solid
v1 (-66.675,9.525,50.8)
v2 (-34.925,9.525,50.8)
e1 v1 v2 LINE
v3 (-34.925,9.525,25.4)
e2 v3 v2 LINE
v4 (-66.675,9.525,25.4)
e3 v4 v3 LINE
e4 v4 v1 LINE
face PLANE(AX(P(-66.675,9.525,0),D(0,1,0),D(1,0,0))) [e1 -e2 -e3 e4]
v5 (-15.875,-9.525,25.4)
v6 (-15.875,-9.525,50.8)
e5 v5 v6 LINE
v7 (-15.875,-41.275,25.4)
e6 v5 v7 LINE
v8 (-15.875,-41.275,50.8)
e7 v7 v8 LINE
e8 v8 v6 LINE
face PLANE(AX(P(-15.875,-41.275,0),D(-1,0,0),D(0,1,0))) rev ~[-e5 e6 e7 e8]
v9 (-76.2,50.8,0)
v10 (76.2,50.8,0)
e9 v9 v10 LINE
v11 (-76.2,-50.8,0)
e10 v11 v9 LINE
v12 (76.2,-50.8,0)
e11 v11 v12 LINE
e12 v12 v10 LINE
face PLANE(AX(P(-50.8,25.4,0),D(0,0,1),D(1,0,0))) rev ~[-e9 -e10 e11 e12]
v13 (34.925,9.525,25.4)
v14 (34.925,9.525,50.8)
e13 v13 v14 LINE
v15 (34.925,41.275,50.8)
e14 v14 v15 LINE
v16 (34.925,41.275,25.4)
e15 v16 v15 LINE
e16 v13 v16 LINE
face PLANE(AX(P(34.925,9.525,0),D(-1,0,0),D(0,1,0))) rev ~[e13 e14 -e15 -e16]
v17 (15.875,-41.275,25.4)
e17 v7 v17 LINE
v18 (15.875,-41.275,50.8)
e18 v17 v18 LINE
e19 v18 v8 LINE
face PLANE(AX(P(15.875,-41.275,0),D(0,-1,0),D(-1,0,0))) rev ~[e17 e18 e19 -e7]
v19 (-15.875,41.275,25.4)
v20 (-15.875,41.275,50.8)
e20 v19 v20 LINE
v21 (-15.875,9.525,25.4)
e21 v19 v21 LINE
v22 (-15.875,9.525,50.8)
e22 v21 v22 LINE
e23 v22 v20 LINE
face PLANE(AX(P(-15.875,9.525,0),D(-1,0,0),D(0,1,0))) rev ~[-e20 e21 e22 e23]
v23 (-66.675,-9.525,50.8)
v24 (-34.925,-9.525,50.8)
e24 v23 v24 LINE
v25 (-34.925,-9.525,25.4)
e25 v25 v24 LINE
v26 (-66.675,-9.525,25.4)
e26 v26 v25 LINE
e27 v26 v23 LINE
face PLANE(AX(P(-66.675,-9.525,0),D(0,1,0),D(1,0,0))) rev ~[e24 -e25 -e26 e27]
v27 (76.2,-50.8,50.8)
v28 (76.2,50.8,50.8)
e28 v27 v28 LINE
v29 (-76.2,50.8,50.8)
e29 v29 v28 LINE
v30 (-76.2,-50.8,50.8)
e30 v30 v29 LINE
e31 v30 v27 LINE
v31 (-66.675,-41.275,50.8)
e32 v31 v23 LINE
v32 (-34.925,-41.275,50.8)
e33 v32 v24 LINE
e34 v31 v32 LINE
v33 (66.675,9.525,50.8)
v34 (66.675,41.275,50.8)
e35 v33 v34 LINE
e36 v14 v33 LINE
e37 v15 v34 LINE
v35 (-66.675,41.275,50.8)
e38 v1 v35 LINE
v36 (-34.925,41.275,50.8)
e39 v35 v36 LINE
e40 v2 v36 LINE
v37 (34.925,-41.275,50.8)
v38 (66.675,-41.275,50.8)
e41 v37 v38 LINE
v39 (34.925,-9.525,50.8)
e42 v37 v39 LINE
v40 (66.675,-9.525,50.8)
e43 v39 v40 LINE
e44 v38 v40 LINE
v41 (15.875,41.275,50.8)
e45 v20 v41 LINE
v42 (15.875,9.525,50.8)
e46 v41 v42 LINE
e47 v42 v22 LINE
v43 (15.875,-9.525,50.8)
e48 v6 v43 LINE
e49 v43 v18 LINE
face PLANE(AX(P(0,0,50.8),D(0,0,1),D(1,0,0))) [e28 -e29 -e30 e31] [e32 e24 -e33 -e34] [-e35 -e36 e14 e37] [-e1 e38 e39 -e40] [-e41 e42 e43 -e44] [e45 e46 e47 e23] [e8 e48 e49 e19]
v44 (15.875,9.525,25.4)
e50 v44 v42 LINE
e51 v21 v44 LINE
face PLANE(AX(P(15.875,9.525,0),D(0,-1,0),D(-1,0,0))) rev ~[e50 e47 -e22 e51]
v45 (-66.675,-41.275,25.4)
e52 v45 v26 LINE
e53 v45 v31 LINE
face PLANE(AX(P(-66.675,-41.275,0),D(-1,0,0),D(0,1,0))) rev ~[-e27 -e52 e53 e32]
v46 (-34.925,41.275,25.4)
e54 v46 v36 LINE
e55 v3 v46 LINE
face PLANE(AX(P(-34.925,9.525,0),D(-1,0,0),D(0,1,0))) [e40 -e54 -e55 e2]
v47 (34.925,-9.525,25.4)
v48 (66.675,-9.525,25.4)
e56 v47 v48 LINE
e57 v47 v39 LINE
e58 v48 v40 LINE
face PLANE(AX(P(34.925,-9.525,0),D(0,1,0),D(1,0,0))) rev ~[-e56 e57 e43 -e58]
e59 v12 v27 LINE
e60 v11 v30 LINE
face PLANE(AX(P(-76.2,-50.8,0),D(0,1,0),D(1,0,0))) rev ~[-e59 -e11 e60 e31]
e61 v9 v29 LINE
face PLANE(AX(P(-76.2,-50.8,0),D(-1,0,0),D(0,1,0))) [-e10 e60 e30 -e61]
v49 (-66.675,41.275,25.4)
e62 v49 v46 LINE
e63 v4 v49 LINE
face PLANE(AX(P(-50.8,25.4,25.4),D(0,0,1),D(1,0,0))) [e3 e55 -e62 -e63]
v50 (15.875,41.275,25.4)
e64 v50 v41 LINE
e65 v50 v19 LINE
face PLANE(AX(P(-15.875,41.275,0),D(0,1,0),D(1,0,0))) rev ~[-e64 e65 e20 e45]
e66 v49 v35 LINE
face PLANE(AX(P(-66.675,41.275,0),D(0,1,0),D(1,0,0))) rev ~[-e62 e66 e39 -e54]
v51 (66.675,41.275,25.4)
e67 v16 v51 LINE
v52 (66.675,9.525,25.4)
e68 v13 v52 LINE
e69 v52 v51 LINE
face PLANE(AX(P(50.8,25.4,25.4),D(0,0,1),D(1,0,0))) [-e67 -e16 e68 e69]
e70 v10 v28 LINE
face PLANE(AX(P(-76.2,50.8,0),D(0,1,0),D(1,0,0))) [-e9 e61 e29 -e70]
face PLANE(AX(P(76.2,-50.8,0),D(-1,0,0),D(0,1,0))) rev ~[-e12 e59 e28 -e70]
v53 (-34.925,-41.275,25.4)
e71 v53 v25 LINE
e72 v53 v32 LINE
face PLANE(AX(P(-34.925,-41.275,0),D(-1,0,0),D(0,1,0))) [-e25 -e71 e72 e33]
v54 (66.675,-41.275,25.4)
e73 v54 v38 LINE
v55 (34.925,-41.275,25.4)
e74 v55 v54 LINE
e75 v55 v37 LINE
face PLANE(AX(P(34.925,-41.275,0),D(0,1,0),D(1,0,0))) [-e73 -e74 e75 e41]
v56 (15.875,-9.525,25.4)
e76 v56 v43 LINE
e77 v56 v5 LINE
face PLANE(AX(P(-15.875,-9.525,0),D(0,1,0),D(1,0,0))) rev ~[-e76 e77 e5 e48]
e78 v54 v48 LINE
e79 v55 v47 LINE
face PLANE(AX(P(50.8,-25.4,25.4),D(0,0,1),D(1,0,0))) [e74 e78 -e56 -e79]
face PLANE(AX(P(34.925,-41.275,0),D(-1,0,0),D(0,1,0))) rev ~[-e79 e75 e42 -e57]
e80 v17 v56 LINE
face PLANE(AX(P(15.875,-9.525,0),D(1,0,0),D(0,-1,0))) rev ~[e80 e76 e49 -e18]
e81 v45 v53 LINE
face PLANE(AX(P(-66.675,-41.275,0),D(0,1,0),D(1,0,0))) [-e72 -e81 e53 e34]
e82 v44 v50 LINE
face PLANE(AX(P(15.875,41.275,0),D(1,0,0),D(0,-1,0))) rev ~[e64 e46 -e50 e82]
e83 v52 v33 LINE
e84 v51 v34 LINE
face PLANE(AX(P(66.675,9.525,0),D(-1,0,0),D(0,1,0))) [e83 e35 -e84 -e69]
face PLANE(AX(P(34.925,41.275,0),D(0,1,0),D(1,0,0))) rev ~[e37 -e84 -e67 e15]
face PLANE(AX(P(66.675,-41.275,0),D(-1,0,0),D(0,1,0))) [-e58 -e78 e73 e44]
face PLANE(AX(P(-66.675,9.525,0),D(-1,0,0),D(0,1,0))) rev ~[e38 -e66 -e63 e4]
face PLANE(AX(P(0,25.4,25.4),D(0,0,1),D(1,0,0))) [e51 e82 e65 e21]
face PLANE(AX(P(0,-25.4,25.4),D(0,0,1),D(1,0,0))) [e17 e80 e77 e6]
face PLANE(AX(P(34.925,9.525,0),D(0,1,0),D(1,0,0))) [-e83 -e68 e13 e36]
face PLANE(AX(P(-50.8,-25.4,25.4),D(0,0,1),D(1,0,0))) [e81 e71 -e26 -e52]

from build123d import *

# Parameters (mm, degrees)
F0_W     = 152.4
F0_H     = 101.6
F0_W_2   = 31.75
F0_H_2   = 31.75
F1_DEPTH = 50.8
F2_DEPTH = 25.4


with BuildPart() as f1:
    # F0 (on Top) → F1 (new body)
    with BuildSketch(Plane.XY):
        Rectangle(F0_W, F0_H)
        with Locations((-50.8, -25.4)):
            Rectangle(F0_W_2, F0_H_2, mode=Mode.SUBTRACT)
        Polygon((-15.875, -9.525), (0, -9.525), (15.875, -9.525), (15.875, -41.275), (-15.875, -41.275), align=None, mode=Mode.SUBTRACT)
        with Locations((50.8, -25.4)):
            Rectangle(F0_W_2, F0_H_2, mode=Mode.SUBTRACT)
        with Locations((-50.8, 25.4)):
            Rectangle(F0_W_2, F0_H_2, mode=Mode.SUBTRACT)
        Polygon((-15.875, 9.525), (-15.875, 41.275), (15.875, 41.275), (15.875, 9.525), (0, 9.525), align=None, mode=Mode.SUBTRACT)
        with Locations((50.8, 25.4)):
            Rectangle(F0_W_2, F0_H_2, mode=Mode.SUBTRACT)
    extrude(amount=F1_DEPTH)

    # F0 (on Top) → F2 (join)
    with BuildSketch(Plane.XY):
        with Locations((-50.8, 25.4)):
            Rectangle(F0_W_2, F0_H_2)
        Polygon((15.875, 41.275), (-15.875, 41.275), (-15.875, 9.525), (0, 9.525), (15.875, 9.525), align=None)
        with Locations((50.8, 25.4)):
            Rectangle(F0_W_2, F0_H_2)
        with Locations((50.8, -25.4)):
            Rectangle(F0_W_2, F0_H_2)
        Polygon((15.875, -9.525), (0, -9.525), (-15.875, -9.525), (-15.875, -41.275), (15.875, -41.275), align=None)
        with Locations((-50.8, -25.4)):
            Rectangle(F0_W_2, F0_H_2)
    extrude(amount=F2_DEPTH)


solid = f1.part
